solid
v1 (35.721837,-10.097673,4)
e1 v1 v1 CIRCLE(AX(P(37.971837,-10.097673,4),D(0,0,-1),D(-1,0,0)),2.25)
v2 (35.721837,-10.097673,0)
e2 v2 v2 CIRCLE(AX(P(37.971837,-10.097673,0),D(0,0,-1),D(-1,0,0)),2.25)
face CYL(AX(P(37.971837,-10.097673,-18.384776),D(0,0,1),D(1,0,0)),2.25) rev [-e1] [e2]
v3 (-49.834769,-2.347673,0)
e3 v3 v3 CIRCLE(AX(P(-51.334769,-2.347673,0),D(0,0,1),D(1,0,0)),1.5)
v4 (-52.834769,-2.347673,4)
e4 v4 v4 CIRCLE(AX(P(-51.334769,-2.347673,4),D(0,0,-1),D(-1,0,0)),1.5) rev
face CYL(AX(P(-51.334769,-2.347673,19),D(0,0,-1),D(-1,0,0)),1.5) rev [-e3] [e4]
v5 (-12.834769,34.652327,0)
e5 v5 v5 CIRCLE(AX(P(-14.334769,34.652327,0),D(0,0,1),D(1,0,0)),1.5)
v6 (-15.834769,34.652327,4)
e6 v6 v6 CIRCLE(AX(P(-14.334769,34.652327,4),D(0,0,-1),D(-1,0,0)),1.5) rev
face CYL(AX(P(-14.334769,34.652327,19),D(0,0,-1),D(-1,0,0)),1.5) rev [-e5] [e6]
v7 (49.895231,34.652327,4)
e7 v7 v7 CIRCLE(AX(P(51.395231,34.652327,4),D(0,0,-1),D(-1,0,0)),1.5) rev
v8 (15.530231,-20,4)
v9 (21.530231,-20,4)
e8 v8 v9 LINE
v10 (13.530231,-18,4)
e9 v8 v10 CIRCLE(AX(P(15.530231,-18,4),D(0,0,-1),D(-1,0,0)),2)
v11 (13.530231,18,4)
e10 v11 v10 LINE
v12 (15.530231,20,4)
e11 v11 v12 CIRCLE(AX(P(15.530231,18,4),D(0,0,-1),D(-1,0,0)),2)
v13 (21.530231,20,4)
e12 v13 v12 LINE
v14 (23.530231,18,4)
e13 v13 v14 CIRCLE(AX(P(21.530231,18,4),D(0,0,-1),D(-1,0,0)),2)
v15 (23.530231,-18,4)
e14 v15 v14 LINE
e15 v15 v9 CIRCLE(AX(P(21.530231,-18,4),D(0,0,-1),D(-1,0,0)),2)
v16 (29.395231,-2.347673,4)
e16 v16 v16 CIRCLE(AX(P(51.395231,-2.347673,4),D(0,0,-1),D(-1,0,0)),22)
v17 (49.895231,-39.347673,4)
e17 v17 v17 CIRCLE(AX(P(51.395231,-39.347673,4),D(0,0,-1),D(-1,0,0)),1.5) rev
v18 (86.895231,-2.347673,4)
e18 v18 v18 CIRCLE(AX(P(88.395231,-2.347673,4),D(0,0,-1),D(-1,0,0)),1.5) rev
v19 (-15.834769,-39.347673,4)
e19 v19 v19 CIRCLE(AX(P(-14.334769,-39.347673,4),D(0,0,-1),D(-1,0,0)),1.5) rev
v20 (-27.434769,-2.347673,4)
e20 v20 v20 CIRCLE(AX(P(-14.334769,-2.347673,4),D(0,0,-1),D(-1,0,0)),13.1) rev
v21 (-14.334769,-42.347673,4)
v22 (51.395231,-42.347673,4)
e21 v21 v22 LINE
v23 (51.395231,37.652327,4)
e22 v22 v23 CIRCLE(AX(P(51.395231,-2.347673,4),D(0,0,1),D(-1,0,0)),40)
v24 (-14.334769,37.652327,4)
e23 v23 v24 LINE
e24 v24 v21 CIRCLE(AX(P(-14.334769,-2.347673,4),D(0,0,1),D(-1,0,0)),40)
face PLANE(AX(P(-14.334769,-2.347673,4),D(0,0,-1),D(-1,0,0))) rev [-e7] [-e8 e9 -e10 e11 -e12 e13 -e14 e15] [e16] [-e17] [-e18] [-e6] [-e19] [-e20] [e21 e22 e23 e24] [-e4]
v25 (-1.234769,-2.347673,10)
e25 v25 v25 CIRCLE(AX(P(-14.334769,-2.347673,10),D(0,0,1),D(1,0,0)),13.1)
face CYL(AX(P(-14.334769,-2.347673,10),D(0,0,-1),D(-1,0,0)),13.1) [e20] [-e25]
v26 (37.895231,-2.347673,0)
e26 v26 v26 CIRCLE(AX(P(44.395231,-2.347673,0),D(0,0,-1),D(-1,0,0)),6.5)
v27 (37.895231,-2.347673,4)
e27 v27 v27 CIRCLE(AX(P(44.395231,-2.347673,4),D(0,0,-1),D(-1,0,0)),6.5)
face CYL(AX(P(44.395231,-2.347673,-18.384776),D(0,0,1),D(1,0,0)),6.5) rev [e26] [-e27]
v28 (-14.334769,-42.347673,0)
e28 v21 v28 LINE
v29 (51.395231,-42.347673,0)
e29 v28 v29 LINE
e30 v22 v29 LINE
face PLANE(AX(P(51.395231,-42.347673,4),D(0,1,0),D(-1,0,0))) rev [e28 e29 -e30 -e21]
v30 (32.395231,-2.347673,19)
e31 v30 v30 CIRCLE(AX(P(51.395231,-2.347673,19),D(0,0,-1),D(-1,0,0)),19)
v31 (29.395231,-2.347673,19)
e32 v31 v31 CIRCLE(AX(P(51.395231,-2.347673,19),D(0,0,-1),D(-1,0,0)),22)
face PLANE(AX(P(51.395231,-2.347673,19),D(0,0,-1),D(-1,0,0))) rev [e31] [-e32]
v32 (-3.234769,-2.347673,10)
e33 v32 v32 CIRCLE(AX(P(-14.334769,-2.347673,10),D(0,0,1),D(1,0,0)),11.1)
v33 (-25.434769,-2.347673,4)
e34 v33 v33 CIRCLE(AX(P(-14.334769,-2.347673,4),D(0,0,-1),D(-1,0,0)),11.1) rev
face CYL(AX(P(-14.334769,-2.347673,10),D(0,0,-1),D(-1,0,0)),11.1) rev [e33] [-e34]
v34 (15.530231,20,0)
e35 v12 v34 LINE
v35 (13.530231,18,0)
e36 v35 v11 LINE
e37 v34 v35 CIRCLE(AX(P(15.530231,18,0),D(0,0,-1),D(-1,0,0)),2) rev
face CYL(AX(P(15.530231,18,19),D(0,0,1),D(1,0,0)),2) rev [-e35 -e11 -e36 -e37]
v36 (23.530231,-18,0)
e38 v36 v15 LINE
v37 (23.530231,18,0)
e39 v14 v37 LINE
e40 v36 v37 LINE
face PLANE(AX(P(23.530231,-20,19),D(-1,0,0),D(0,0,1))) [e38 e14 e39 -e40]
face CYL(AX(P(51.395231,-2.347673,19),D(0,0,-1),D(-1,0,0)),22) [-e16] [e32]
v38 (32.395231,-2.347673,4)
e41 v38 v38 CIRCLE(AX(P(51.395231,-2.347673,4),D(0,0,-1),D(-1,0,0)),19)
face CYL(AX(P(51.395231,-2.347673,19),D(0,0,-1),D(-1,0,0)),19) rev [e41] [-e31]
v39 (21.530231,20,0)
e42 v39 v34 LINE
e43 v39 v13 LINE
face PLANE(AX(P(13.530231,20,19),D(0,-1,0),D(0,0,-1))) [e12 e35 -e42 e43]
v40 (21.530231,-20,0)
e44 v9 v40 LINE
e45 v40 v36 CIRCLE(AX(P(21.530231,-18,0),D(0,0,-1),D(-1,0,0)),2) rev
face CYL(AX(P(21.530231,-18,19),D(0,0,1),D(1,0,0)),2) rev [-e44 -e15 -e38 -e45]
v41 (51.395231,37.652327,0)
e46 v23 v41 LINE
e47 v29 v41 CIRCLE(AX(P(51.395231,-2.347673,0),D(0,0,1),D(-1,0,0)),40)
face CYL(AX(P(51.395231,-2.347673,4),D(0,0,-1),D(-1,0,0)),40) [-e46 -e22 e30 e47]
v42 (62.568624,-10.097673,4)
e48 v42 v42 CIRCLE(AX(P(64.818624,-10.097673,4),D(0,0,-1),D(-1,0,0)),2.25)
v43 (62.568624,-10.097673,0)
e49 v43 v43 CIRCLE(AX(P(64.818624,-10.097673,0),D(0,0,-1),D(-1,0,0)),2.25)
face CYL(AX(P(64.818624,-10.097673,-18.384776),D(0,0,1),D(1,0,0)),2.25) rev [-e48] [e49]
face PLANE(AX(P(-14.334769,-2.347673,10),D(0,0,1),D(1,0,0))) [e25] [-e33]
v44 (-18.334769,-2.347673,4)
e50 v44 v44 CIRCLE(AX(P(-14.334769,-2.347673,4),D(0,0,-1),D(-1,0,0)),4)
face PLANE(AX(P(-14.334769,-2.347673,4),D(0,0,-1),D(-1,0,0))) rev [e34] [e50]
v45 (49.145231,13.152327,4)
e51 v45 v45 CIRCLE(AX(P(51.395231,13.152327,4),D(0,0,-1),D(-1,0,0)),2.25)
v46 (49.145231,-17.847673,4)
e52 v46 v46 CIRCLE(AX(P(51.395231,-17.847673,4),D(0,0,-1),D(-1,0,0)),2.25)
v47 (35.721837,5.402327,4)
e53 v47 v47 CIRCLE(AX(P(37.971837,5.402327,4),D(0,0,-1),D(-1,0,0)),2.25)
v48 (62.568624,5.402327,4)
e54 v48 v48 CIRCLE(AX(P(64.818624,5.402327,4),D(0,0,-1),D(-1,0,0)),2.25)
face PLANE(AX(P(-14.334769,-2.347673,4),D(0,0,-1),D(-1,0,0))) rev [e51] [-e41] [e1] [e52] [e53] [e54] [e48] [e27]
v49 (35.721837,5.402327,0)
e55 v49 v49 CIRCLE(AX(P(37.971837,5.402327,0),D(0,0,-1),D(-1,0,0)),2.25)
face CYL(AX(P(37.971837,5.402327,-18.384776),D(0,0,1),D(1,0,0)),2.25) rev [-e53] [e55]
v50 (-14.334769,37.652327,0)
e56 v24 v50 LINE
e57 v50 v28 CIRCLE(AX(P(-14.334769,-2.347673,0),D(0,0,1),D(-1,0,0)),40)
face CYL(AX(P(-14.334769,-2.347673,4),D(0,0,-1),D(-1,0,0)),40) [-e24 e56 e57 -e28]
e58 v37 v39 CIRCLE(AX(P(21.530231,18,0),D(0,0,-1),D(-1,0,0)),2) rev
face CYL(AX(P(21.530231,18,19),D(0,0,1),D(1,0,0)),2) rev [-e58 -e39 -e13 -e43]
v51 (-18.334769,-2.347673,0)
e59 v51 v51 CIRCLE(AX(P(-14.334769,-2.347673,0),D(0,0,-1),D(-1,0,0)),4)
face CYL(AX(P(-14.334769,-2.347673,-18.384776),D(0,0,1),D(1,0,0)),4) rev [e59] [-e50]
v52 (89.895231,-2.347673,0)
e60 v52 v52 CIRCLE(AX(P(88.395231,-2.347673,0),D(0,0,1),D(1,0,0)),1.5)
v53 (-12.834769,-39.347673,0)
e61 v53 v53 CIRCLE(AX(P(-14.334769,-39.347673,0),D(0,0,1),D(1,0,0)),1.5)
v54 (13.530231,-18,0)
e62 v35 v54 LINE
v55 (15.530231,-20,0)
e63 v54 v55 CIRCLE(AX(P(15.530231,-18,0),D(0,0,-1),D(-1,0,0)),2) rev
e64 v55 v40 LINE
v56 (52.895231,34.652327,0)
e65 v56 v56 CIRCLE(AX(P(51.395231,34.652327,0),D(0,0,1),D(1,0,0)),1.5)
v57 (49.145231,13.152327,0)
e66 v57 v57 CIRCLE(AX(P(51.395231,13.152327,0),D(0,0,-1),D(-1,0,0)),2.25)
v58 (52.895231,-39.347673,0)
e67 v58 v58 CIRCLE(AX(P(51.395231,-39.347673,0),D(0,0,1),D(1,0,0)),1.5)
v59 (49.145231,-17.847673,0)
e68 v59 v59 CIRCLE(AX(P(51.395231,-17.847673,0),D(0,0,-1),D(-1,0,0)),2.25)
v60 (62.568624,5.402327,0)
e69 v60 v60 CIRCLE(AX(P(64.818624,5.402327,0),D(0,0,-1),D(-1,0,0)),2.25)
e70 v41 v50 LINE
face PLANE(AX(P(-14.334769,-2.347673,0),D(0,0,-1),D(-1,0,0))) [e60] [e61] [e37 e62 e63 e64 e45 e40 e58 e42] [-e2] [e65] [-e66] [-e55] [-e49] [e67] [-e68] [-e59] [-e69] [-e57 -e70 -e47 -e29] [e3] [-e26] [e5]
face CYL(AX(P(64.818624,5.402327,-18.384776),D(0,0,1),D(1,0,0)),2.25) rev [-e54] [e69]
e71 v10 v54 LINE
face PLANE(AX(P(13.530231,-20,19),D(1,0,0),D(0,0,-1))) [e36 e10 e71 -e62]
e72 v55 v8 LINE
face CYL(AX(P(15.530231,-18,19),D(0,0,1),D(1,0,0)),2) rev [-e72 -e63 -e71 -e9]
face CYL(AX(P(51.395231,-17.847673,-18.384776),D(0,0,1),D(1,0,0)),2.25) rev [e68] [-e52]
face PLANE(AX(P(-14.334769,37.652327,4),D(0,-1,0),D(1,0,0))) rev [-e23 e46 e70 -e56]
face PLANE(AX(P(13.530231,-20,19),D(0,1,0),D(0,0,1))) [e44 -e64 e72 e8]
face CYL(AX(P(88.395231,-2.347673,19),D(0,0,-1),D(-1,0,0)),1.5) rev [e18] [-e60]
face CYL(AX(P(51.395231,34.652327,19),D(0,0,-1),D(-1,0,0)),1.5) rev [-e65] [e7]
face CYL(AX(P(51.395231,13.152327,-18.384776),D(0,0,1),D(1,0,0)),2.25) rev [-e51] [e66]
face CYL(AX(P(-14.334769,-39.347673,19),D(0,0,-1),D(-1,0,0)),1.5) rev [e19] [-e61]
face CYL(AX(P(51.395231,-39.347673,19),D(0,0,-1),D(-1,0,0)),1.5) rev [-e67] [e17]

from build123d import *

# Parameters (mm, degrees)
BOSS_EXTRUDE1_DEPTH = 4
SKETCH2_R           = 6.5
SKETCH2_R_2         = 2.25
SKETCH2_R_3         = 4
CUT_EXTRUDE1_DEPTH  = 4
BOSS_EXTRUDE2_START = 4
SKETCH3_R           = 22
SKETCH3_R_2         = 19
BOSS_EXTRUDE2_DEPTH = 15
SKETCH4_R           = 13.1
SKETCH4_R_2         = 11.1
BOSS_EXTRUDE3_DEPTH = 10
SKETCH5_R           = 1.5
CUT_EXTRUDE2_DEPTH  = 103.505675922
SKETCH6_W           = 10
SKETCH6_H           = 40
CUT_EXTRUDE3_DEPTH  = 103.505675922
FILLET1_R           = 2


with BuildPart() as part:
    # Sketch1 → Boss-Extrude1 (new body)
    with BuildSketch(Plane.XY):
        with BuildLine():
            Line((-14.334769336, 37.652327005), (51.395230664, 37.652327005))
            ThreePointArc((51.395230664, 37.652327005), (91.395230664, -2.347672995), (51.395230664, -42.347672995))
            Line((51.395230664, -42.347672995), (-14.334769336, -42.347672995))
            ThreePointArc((-14.334769336, -42.347672995), (-54.334769336, -2.347672995), (-14.334769336, 37.652327005))
        make_face()
    extrude(amount=BOSS_EXTRUDE1_DEPTH)

    # Sketch2 → Cut-Extrude1 (cut)
    with BuildSketch(Plane.XY):
        with Locations(Location((44.395230664, -2.347672995, 0), (0, 0, 180))):
            Circle(SKETCH2_R)
        with Locations(Location((51.395230664, 13.152327005, 0), (0, 0, 180))):
            Circle(SKETCH2_R_2)
        with Locations(Location((64.818624423, 5.402327005, 0), (0, 0, 180))):
            Circle(SKETCH2_R_2)
        with Locations(Location((64.818624423, -10.097672995, 0), (0, 0, 180))):
            Circle(SKETCH2_R_2)
        with Locations(Location((51.395230664, -17.847672995, 0), (0, 0, 180))):
            Circle(SKETCH2_R_2)
        with Locations(Location((37.971836906, -10.097672995, 0), (0, 0, 180))):
            Circle(SKETCH2_R_2)
        with Locations(Location((37.971836906, 5.402327005, 0), (0, 0, 180))):
            Circle(SKETCH2_R_2)
        with Locations(Location((-14.334769336, -2.347672995, 0), (0, 0, 180))):
            Circle(SKETCH2_R_3)
    extrude(amount=CUT_EXTRUDE1_DEPTH, mode=Mode.SUBTRACT)

    # Sketch3 → Boss-Extrude2 (add)
    with BuildSketch(Plane.XY.offset(BOSS_EXTRUDE2_START)):
        with Locations(Location((51.395230664, -2.347672995, 0), (0, 0, 180))):
            Circle(SKETCH3_R)
        with Locations(Location((51.395230664, -2.347672995, 0), (0, 0, 180))):
            Circle(SKETCH3_R_2, mode=Mode.SUBTRACT)
    extrude(amount=BOSS_EXTRUDE2_DEPTH)

    # Sketch4 → Boss-Extrude3 (add)
    with BuildSketch(Plane.XY):
        with Locations(Location((-14.334769336, -2.347672995, 0), (0, 0, 180))):
            Circle(SKETCH4_R)
        with Locations(Location((-14.334769336, -2.347672995, 0), (0, 0, 180))):
            Circle(SKETCH4_R_2, mode=Mode.SUBTRACT)
    extrude(amount=BOSS_EXTRUDE3_DEPTH)

    # Sketch5 → Cut-Extrude2 (cut, through all)
    with BuildSketch(Plane.XY):
        with Locations(Location((88.395230664, -2.347672995, 0), (0, 0, 180))):
            Circle(SKETCH5_R)
        with Locations(Location((-51.334769336, -2.347672995, 0), (0, 0, 180))):
            Circle(SKETCH5_R)
        with Locations(Location((51.395230664, 34.652327005, 0), (0, 0, 180))):
            Circle(SKETCH5_R)
        with Locations(Location((51.395230664, -39.347672995, 0), (0, 0, 180))):
            Circle(SKETCH5_R)
        with Locations(Location((-14.334769336, -39.347672995, 0), (0, 0, 180))):
            Circle(SKETCH5_R)
        with Locations(Location((-14.334769336, 34.652327005, 0), (0, 0, 180))):
            Circle(SKETCH5_R)
    extrude(amount=CUT_EXTRUDE2_DEPTH, mode=Mode.SUBTRACT)

    # Sketch6 → Cut-Extrude3 (cut, through all)
    with BuildSketch(Plane.XY):
        with Locations((18.530230664, 0)):
            Rectangle(SKETCH6_W, SKETCH6_H)
    extrude(amount=CUT_EXTRUDE3_DEPTH, mode=Mode.SUBTRACT)

    # Fillet1
    fillet1_edges = [part.edges().sort_by_distance(p)[0] for p in [
        (23.530230664, -20, 2),
        (23.530230664, 20, 2),
        (13.530230664, 20, 2),
        (13.530230664, -20, 2),
    ]]
    fillet(fillet1_edges, radius=FILLET1_R)


solid = part.part
